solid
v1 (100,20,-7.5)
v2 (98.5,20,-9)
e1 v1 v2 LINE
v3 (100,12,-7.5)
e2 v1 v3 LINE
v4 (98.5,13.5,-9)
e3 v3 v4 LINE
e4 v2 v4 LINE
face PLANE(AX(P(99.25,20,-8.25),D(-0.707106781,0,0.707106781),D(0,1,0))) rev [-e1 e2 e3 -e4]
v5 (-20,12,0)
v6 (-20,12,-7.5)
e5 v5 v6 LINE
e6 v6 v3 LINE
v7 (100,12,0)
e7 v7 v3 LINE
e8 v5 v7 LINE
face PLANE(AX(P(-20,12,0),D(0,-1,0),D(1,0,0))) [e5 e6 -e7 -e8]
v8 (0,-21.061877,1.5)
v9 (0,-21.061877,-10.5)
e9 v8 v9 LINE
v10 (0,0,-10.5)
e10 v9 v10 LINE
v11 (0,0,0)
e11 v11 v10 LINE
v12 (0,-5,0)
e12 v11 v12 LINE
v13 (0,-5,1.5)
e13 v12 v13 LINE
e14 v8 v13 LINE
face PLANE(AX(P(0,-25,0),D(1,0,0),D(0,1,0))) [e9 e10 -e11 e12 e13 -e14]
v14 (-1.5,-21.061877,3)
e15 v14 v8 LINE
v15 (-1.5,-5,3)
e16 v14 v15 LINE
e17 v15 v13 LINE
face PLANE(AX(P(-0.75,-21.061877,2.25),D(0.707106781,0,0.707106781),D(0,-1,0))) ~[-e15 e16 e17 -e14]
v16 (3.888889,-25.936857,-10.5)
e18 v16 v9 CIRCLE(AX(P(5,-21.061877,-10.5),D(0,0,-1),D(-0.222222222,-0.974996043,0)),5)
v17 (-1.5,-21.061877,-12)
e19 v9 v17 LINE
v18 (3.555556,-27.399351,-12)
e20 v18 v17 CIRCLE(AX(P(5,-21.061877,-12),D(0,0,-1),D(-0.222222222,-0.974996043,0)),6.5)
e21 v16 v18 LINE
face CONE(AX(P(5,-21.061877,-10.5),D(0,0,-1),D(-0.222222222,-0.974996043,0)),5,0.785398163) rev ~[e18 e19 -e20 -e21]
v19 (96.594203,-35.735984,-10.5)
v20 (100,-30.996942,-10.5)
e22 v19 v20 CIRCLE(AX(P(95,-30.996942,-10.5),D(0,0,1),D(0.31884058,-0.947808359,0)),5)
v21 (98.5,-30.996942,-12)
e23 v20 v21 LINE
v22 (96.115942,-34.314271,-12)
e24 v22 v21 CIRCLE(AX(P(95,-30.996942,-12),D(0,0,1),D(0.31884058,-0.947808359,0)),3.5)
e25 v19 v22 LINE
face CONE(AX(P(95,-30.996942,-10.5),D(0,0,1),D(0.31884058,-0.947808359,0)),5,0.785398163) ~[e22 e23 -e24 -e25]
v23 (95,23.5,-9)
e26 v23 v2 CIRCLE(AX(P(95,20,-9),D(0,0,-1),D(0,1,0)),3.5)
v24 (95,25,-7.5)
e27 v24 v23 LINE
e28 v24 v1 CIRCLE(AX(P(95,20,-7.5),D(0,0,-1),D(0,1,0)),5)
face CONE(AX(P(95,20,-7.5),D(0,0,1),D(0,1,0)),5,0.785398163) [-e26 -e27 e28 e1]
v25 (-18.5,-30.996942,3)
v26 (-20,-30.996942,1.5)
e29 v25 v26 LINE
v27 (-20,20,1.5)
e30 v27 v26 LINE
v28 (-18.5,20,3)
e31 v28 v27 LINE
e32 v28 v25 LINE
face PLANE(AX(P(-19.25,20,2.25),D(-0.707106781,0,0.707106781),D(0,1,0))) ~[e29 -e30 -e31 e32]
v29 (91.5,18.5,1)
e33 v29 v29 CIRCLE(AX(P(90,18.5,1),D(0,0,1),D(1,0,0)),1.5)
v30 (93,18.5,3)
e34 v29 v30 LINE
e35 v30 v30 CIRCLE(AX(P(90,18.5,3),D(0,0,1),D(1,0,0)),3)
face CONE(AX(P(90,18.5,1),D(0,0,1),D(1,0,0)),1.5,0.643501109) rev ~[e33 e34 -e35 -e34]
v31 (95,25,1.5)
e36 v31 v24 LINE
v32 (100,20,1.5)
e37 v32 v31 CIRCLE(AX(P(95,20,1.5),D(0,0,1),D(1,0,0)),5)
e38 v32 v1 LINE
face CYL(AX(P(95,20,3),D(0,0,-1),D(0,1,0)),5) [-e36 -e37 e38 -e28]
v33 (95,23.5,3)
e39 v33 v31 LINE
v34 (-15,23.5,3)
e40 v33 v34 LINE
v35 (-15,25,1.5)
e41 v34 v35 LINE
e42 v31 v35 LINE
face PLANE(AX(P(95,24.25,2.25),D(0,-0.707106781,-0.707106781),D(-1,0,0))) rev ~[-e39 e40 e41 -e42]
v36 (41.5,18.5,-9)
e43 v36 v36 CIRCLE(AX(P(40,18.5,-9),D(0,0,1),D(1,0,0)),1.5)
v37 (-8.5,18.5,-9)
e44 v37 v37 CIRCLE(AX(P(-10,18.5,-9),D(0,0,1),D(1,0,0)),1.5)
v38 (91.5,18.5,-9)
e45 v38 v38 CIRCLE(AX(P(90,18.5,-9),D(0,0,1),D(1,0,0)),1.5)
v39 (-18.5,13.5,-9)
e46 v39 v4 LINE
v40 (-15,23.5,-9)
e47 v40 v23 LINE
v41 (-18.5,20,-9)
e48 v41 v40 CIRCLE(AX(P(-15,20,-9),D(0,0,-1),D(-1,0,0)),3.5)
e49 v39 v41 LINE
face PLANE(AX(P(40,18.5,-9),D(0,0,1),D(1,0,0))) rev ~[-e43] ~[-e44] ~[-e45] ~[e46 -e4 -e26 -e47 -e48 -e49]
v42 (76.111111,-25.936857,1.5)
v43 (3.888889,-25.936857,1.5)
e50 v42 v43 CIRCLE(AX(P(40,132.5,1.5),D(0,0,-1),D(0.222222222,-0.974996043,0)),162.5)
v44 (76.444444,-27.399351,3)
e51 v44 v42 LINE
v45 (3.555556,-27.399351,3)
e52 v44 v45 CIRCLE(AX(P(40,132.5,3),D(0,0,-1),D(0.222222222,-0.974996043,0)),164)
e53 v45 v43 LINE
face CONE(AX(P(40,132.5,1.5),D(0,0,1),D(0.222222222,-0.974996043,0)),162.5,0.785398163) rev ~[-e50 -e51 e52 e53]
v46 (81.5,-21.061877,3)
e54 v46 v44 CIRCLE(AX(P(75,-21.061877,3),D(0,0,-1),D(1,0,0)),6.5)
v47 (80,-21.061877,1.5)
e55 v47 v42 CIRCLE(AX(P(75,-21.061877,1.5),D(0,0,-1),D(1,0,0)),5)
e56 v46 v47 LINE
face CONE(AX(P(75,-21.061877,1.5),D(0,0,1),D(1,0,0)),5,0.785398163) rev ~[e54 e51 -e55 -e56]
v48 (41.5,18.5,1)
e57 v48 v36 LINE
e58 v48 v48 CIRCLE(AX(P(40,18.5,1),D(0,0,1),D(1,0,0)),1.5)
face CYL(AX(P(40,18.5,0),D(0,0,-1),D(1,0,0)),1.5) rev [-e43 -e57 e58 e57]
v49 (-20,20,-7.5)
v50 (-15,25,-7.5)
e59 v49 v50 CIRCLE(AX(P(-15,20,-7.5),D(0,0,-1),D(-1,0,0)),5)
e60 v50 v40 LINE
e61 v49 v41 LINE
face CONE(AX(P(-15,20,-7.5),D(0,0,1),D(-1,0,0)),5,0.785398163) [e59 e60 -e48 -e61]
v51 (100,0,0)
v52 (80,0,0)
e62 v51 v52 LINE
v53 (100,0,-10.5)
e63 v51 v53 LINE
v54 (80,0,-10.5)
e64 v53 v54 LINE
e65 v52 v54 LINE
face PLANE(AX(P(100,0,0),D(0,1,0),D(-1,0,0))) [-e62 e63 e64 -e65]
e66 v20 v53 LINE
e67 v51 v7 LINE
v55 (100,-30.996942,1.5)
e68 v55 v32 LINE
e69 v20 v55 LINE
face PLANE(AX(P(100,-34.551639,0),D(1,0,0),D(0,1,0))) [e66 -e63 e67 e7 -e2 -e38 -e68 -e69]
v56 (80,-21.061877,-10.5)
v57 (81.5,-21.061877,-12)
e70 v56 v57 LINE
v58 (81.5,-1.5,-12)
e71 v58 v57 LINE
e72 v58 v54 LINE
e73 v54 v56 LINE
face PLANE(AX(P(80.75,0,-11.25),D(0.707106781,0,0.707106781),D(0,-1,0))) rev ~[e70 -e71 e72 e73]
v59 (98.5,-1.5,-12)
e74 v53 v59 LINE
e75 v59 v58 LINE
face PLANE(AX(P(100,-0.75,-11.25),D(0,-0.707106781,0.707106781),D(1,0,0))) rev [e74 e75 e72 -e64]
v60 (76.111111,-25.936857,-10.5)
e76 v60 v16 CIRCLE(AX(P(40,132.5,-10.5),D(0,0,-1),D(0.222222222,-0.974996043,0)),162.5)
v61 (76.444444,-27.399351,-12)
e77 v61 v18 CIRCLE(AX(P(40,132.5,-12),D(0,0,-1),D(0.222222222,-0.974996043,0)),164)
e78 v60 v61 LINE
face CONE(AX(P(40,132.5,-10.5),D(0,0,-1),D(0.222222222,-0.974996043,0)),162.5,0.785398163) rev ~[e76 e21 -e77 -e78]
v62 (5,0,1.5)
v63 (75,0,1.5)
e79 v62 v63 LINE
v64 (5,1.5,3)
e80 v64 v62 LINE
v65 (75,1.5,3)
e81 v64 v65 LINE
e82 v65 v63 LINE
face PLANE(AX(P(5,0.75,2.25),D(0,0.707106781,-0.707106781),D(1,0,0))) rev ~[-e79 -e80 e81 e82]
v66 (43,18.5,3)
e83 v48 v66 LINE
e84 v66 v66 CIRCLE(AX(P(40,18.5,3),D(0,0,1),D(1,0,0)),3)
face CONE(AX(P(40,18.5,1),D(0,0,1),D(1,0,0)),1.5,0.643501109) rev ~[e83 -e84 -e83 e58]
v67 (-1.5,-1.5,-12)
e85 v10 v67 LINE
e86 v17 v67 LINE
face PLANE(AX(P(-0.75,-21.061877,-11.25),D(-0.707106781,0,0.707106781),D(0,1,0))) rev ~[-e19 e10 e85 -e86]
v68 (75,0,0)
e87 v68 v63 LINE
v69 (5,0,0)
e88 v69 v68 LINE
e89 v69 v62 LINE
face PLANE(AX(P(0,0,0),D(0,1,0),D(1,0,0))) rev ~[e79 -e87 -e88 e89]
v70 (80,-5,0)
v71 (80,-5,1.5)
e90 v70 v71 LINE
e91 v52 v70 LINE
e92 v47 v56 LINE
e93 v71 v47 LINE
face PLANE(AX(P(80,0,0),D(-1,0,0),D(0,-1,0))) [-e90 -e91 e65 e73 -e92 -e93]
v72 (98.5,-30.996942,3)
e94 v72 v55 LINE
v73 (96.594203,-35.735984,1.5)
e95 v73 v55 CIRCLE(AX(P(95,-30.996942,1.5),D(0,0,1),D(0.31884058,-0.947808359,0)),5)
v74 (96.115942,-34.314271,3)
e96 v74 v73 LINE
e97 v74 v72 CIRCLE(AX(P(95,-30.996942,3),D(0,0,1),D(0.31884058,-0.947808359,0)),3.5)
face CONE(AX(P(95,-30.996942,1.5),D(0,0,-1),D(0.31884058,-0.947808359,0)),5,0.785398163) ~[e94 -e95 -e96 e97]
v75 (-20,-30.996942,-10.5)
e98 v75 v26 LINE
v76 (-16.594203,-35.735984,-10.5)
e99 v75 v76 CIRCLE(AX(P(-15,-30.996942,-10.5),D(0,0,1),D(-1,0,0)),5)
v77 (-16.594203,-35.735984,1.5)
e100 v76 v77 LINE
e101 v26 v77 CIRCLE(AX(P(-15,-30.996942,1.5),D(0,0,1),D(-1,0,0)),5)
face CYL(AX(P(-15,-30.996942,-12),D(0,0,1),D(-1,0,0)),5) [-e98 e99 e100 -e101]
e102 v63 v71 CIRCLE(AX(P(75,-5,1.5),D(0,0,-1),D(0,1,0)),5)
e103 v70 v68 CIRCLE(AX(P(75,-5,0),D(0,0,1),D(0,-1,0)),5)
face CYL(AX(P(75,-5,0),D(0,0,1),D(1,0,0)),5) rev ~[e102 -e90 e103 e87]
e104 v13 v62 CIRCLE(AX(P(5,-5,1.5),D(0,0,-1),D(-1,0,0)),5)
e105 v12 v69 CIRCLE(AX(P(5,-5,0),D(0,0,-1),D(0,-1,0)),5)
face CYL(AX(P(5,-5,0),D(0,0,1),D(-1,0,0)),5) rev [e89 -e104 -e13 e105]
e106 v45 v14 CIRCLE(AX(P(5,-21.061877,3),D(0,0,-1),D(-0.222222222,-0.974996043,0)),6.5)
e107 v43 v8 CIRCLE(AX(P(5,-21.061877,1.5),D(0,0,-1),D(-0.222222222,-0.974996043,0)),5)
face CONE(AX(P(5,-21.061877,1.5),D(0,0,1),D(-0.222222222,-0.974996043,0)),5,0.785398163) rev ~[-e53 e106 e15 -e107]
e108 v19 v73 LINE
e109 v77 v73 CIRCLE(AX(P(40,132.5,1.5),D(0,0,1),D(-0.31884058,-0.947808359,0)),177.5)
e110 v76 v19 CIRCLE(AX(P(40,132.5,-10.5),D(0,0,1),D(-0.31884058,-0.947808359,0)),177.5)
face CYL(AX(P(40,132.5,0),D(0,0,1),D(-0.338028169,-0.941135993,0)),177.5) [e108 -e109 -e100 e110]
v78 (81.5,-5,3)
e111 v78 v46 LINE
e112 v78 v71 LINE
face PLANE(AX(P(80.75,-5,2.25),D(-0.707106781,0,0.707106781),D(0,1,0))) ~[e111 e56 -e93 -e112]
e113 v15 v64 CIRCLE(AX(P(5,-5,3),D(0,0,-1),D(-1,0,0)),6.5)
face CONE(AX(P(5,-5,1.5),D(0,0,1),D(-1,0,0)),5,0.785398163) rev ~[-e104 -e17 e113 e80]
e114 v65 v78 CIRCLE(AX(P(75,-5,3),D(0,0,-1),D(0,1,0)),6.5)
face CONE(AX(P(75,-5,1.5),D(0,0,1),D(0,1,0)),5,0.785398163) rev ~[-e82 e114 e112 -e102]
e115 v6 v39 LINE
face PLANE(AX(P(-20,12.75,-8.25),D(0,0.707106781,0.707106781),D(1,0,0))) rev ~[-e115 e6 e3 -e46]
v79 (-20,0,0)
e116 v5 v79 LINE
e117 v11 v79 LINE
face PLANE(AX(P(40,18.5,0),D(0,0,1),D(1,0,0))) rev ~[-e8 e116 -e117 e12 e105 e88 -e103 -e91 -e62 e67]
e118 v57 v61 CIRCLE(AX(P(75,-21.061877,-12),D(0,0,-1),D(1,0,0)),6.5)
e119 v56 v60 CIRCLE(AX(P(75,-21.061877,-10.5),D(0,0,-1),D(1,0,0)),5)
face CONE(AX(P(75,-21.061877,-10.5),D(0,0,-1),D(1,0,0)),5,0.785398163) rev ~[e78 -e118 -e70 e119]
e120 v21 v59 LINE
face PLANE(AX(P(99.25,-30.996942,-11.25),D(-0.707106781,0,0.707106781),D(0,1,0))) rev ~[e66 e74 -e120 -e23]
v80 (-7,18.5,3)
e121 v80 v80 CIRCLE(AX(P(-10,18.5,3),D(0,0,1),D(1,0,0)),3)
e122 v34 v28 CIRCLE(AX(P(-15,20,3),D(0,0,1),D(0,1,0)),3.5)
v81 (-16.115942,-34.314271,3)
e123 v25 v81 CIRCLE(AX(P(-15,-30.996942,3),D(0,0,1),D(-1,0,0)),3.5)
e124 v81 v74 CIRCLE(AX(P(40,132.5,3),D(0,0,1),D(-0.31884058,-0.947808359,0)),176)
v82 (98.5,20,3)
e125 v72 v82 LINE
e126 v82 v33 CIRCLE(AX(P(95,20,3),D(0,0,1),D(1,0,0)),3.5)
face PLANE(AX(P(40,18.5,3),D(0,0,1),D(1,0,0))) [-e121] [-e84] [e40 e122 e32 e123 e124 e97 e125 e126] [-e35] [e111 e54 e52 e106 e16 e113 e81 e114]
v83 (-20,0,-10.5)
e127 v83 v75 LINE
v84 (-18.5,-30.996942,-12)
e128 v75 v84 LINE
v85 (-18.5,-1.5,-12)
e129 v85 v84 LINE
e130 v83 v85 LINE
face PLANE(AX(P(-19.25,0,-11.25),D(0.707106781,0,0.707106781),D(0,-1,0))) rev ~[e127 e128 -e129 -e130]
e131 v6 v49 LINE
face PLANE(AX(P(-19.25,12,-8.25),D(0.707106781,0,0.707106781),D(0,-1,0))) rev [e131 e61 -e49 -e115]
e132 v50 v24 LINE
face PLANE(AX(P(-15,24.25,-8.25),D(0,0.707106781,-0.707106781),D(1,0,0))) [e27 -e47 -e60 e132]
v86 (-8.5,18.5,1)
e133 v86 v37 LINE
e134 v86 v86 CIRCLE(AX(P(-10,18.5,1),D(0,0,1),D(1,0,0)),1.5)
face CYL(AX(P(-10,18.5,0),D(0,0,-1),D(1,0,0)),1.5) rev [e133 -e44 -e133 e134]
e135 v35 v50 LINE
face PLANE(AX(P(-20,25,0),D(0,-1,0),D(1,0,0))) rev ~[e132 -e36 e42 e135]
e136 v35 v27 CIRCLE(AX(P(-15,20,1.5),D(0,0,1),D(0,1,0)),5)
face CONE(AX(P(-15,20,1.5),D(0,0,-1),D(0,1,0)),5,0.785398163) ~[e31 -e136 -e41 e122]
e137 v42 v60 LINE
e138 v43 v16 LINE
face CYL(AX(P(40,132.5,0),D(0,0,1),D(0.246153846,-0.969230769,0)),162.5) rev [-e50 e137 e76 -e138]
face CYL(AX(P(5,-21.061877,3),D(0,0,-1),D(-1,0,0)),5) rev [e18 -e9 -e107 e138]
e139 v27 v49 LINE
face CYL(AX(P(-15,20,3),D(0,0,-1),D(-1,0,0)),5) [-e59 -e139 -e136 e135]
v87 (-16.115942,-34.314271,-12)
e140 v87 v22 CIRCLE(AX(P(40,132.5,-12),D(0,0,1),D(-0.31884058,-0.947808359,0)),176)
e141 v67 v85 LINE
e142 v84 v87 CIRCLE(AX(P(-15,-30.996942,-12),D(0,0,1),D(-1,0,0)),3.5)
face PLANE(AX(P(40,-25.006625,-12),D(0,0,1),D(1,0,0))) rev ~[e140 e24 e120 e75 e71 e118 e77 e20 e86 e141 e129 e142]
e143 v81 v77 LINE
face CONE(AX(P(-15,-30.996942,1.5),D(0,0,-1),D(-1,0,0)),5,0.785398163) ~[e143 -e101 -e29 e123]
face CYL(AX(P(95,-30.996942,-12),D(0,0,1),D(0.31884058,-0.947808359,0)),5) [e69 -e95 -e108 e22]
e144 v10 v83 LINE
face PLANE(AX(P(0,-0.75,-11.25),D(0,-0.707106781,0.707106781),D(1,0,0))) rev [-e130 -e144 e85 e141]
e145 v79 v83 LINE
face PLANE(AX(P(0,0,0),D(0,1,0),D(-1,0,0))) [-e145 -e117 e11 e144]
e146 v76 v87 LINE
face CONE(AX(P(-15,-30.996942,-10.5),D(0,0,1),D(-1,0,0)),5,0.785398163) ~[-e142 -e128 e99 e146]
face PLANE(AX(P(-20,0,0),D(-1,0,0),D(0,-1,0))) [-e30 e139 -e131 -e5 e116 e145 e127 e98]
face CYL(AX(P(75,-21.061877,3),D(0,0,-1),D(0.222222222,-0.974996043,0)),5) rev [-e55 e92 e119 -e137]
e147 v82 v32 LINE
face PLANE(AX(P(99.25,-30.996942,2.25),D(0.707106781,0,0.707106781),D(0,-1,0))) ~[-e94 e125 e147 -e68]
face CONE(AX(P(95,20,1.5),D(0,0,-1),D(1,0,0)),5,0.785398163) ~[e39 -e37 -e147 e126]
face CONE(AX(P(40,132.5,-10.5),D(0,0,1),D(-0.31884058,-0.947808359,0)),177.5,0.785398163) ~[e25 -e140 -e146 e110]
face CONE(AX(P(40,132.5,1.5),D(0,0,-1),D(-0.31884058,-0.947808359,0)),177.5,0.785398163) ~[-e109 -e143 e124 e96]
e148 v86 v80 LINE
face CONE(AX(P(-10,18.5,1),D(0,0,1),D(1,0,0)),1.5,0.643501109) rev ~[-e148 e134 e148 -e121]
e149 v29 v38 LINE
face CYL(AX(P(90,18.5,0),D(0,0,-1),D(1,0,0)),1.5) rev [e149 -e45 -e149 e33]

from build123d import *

# Parameters (mm, degrees)
F0_W       = 120
F0_H       = 13
F0_R       = 1.5
F1_DEPTH   = 3
F2_DEPTH   = 9
F3_DEPTH   = 12
F4_R       = 5
F5_SIZE2   = 1.5
F5_SIZE    = 2
F5_2_SIZE2 = 1.5
F5_2_SIZE  = 2
F5_3_SIZE2 = 1.5
F5_3_SIZE  = 2
F6_SIZE    = 1.5


with BuildPart() as f1:
    # F0 (on Top) → F1 (new body)
    with BuildSketch(Plane.XY):
        with Locations((40, 18.5)):
            Rectangle(F0_W, F0_H)
        with Locations((-10, 18.5)):
            Circle(F0_R, mode=Mode.SUBTRACT)
        with Locations((40, 18.5)):
            Circle(F0_R, mode=Mode.SUBTRACT)
        with Locations((90, 18.5)):
            Circle(F0_R, mode=Mode.SUBTRACT)
        Polygon((-20, 0), (0, 0), (80, 0), (100, 0), (100, 12), (-20, 12), align=None)
        with BuildLine():
            Line((0, -25), (0, 0))
            Line((0, 0), (-20, 0))
            Line((-20, 0), (-20, -34.5516387229))
            ThreePointArc((-20, -34.5516387229), (40, -45), (100, -34.5516387229))
            Line((100, -34.5516387229), (100, 0))
            Line((100, 0), (80, 0))
            Line((80, 0), (80, -25))
            ThreePointArc((80, -25), (40, -30), (0, -25))
        make_face()
    extrude(amount=F1_DEPTH)

    # F0 (on Top) → F2 (join)
    with BuildSketch(Plane.XY):
        with Locations((40, 18.5)):
            Rectangle(F0_W, F0_H)
        with Locations((-10, 18.5)):
            Circle(F0_R, mode=Mode.SUBTRACT)
        with Locations((40, 18.5)):
            Circle(F0_R, mode=Mode.SUBTRACT)
        with Locations((90, 18.5)):
            Circle(F0_R, mode=Mode.SUBTRACT)
    extrude(amount=-F2_DEPTH)

    # F0 (on Top) → F3 (join)
    with BuildSketch(Plane.XY):
        with BuildLine():
            Line((0, -25), (0, 0))
            Line((0, 0), (-20, 0))
            Line((-20, 0), (-20, -34.5516387229))
            ThreePointArc((-20, -34.5516387229), (40, -45), (100, -34.5516387229))
            Line((100, -34.5516387229), (100, 0))
            Line((100, 0), (80, 0))
            Line((80, 0), (80, -25))
            ThreePointArc((80, -25), (40, -30), (0, -25))
        make_face()
    extrude(amount=-F3_DEPTH)

    # F4
    f4_edges = [f1.edges().sort_by_distance(p)[0] for p in [
        (-20, -34.551639, -4.5),
        (100, -34.551639, -4.5),
        (0, 0, 1.5),
        (80, 0, 1.5),
        (80, -25, -4.5),
        (0, -25, -4.5),
        (100, 25, -3),
        (-20, 25, -3),
    ]]
    fillet(f4_edges, radius=F4_R)

    # F5
    f5_edges = [f1.edges().sort_by_distance(p)[0] for p in [
        (-11.5, 18.5, 3),
    ]]
    f5_side = f1.faces().sort_by_distance((-11.5, 18.5, -3))[0]
    chamfer(f5_edges, length=F5_SIZE, length2=F5_SIZE2, reference=f5_side)

    # F5#2
    f5_2_edges = [f1.edges().sort_by_distance(p)[0] for p in [
        (38.5, 18.5, 3),
    ]]
    f5_2_side = f1.faces().sort_by_distance((38.5, 18.5, -3))[0]
    chamfer(f5_2_edges, length=F5_2_SIZE, length2=F5_2_SIZE2, reference=f5_2_side)

    # F5#3
    f5_3_edges = [f1.edges().sort_by_distance(p)[0] for p in [
        (88.5, 18.5, 3),
    ]]
    f5_3_side = f1.faces().sort_by_distance((88.5, 18.5, -3))[0]
    chamfer(f5_3_edges, length=F5_3_SIZE, length2=F5_3_SIZE2, reference=f5_3_side)

    # F6
    f6_edges = [f1.edges().sort_by_distance(p)[0] for p in [
        (40, 0, 3),
        (-20, -5.498471, 3),
        (100, -15.498471, -12),
        (99.060235, -33.914902, -12),
        (90, 0, -12),
        (40, -45, -12),
        (80, -10.530938, -12),
        (-19.060235, -33.914902, -12),
        (78.90868, -24.179925, -12),
        (-20, -15.498471, -12),
        (40, -30, -12),
        (-10, 0, -12),
        (1.09132, -24.179925, -12),
        (0, -10.530938, -12),
        (40, 12, -9),
        (40, 25, -9),
    ]]
    chamfer(f6_edges, length=F6_SIZE)


solid = f1.part
